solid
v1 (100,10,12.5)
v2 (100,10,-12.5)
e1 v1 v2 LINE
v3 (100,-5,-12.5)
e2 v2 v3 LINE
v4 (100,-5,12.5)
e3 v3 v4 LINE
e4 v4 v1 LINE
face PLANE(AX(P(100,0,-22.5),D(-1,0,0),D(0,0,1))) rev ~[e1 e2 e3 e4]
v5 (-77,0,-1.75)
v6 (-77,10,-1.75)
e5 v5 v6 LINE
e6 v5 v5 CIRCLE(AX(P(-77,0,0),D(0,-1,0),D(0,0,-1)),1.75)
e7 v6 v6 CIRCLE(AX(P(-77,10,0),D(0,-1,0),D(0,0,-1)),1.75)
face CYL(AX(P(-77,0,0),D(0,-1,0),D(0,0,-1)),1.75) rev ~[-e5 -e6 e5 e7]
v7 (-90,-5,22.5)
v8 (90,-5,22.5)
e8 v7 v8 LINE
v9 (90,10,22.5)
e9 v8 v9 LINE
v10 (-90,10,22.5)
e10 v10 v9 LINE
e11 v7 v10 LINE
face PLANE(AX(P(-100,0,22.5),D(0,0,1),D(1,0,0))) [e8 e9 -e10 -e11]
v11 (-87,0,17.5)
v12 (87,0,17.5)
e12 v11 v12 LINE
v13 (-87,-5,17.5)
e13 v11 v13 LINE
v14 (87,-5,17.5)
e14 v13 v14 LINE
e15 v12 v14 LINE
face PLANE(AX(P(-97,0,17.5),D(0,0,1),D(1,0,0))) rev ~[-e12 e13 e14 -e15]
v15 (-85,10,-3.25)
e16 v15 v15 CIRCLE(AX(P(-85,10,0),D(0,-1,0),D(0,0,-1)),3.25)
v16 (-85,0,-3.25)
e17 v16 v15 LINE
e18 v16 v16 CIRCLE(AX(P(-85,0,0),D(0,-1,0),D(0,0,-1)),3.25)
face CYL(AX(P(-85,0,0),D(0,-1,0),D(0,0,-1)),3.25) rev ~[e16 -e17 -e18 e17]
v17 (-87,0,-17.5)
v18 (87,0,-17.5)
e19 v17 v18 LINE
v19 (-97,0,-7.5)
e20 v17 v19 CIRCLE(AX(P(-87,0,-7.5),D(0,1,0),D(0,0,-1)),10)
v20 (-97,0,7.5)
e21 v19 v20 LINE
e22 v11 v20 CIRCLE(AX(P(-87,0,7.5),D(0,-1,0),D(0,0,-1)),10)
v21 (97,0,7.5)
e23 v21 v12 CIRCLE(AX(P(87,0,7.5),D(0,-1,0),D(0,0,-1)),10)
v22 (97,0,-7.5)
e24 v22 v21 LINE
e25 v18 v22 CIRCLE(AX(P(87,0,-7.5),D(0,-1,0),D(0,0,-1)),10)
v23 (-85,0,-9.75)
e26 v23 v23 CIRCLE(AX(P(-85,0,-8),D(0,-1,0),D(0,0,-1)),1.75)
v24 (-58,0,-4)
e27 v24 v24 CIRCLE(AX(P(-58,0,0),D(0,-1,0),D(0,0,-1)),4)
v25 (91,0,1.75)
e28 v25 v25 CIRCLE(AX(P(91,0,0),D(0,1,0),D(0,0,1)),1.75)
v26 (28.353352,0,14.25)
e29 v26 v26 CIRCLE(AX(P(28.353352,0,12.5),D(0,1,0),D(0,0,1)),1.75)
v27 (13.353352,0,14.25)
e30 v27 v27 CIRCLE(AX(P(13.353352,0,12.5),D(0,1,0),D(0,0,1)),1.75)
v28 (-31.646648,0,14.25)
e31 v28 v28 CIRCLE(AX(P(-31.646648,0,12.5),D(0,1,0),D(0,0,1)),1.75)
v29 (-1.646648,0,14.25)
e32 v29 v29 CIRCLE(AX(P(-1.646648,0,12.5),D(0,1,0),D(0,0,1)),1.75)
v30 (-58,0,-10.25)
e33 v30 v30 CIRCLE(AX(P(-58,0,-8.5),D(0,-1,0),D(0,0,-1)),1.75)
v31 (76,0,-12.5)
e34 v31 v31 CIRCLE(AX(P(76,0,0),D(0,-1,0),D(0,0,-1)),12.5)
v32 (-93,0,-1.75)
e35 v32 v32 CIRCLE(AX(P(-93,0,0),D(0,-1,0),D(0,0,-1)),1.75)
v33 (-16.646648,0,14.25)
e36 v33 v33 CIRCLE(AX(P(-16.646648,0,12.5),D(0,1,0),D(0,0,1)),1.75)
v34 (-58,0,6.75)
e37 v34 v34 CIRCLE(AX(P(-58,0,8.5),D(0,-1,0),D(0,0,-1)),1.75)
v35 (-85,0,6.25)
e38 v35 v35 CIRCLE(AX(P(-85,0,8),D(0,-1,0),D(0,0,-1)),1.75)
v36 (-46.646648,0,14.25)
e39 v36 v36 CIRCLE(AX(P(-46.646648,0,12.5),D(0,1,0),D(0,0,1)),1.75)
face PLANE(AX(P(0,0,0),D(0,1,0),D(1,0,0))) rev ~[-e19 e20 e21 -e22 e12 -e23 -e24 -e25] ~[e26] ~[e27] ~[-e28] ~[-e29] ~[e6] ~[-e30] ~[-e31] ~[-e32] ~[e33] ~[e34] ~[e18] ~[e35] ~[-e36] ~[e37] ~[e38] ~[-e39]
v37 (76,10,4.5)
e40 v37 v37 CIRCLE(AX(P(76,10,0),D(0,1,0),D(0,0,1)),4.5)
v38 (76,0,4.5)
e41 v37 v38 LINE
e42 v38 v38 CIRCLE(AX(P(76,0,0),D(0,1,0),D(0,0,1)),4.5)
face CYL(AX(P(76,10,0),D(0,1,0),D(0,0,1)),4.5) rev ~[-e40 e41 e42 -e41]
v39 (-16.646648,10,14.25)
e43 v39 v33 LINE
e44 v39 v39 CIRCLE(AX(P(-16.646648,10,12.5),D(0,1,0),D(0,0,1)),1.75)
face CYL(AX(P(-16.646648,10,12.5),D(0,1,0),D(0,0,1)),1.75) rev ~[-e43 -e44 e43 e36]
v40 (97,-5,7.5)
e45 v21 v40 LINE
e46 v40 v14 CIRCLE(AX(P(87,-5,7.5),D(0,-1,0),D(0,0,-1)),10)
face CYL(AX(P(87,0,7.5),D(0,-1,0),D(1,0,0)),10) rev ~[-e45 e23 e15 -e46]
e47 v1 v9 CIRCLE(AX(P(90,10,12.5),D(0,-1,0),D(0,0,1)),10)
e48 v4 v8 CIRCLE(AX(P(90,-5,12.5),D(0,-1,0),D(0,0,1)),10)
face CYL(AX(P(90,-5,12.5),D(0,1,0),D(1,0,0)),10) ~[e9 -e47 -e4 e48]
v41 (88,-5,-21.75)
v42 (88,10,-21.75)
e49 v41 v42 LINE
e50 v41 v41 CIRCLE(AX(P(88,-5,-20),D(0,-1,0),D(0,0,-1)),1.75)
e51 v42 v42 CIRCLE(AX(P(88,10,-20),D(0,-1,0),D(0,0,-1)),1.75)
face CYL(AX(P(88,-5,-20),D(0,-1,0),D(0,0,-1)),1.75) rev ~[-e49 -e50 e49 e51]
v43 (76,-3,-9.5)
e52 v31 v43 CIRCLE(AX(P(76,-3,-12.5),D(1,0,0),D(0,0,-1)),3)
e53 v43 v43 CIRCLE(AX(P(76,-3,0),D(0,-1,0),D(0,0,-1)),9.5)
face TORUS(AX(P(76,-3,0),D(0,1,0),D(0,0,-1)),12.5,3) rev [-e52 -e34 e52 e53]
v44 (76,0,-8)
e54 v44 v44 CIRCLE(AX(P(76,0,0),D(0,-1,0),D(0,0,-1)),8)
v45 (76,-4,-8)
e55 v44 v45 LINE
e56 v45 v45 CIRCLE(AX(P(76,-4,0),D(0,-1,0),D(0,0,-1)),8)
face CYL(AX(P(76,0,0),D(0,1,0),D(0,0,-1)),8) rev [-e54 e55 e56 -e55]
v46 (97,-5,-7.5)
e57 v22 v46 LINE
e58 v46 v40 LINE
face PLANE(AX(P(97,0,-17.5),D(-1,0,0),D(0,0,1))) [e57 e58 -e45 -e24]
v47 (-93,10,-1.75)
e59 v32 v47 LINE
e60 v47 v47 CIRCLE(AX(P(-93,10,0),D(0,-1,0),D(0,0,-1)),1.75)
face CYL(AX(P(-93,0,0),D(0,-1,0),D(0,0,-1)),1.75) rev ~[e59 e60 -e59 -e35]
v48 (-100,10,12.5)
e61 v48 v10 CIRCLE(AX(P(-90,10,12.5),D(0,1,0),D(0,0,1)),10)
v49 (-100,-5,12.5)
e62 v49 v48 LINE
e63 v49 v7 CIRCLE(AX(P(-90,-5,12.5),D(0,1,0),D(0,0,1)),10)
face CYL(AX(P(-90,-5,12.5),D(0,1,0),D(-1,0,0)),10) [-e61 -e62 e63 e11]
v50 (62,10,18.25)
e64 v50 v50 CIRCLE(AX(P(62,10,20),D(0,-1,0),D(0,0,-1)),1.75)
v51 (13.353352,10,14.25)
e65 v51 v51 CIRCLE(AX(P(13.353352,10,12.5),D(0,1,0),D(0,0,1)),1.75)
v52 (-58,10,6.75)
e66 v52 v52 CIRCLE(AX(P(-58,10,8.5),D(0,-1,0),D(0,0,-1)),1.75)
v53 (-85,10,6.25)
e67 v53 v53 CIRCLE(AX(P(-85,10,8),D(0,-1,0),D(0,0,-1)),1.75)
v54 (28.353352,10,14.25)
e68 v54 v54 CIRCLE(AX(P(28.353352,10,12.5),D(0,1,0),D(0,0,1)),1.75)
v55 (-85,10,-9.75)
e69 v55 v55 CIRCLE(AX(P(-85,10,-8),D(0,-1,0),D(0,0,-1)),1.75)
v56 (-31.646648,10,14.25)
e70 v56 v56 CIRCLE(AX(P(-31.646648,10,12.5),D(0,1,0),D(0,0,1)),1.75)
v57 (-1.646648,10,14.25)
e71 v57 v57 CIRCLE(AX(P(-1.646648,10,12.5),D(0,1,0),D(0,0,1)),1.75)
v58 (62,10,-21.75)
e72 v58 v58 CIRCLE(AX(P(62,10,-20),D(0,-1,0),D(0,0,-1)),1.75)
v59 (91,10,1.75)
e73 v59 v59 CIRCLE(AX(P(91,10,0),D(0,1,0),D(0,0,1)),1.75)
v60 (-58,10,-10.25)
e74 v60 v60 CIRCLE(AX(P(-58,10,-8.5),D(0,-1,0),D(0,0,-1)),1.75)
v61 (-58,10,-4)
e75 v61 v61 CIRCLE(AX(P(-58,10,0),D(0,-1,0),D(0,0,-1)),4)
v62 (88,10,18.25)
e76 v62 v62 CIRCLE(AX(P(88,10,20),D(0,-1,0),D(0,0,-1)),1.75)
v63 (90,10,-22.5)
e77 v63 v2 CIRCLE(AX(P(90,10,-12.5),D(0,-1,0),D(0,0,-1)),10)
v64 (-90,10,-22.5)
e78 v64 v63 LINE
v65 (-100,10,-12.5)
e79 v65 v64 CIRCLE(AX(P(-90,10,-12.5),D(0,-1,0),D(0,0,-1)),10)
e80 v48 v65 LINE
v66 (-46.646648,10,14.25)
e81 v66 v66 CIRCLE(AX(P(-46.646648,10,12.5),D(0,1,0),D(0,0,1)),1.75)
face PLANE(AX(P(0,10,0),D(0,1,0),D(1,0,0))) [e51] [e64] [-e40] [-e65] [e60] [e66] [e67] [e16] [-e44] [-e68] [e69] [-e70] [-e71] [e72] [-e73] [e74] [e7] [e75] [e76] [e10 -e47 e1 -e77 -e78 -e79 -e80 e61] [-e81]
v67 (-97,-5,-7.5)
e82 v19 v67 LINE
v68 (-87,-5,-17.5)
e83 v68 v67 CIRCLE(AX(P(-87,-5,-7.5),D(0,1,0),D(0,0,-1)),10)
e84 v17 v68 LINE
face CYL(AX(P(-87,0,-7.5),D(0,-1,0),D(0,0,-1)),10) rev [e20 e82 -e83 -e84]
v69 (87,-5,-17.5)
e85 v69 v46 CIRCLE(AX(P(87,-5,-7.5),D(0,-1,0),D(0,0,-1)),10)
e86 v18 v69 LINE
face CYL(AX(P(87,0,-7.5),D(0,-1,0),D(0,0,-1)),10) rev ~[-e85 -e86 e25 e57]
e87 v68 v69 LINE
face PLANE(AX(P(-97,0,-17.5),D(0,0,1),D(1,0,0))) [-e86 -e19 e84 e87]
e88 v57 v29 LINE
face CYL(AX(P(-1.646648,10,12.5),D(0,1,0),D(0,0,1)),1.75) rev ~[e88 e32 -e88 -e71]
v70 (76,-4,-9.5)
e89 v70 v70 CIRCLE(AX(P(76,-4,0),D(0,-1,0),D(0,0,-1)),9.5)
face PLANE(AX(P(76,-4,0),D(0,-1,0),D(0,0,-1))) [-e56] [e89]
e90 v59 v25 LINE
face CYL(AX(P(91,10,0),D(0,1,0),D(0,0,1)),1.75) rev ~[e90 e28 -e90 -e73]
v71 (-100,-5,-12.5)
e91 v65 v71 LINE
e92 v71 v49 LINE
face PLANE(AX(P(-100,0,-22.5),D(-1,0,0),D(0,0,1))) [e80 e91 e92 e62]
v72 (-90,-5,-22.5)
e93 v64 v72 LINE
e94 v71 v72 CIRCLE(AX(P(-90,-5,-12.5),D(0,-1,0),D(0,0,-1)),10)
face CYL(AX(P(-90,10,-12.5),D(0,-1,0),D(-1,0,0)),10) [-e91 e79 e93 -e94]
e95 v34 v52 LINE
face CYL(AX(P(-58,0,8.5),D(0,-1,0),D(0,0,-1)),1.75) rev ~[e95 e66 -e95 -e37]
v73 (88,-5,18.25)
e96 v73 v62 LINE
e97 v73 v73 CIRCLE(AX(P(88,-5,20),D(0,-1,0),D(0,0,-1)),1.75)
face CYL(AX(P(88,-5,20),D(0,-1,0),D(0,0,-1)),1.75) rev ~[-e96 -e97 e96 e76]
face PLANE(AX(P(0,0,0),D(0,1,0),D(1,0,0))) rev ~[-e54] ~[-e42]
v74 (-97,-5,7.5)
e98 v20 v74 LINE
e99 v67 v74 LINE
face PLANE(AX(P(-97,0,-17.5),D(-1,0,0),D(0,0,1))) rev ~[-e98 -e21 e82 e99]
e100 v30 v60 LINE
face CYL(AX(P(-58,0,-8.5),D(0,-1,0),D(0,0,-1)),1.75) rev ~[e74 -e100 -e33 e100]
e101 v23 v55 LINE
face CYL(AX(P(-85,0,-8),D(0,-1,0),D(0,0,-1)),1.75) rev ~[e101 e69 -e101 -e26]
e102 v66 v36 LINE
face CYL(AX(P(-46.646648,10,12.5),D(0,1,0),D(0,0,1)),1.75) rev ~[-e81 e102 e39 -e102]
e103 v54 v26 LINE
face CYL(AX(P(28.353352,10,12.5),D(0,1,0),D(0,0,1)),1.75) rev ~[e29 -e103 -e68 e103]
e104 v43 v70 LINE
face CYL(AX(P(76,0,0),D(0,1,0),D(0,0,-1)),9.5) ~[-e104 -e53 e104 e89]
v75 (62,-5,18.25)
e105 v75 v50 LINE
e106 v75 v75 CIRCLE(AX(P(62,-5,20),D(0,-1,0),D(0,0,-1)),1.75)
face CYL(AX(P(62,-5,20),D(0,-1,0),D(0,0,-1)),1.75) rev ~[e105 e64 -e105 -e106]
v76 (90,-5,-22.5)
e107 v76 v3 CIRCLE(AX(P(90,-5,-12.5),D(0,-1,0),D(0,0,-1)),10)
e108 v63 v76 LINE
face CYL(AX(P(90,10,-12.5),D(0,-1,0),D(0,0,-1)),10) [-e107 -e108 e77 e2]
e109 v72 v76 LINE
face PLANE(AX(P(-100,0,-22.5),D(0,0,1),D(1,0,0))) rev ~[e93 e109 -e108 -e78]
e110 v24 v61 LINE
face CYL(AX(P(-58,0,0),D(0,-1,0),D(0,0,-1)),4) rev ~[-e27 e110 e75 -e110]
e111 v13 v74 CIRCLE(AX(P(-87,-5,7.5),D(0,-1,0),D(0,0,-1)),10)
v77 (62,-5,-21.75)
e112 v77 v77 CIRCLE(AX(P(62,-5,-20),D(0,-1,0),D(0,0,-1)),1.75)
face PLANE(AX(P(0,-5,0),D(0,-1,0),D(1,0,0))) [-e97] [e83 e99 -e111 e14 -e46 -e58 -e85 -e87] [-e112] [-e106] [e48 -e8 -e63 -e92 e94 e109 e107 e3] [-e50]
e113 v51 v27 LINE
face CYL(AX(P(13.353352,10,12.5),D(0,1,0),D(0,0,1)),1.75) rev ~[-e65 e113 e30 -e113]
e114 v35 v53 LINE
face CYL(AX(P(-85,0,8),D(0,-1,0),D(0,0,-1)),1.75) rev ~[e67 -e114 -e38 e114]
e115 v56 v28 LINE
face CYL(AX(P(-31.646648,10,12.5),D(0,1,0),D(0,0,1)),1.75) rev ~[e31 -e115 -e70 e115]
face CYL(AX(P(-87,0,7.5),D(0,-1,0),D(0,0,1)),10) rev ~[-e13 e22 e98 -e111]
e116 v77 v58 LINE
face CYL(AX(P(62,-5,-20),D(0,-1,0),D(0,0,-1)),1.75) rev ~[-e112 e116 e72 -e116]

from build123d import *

# Parameters (mm, degrees)
CROQUIS1_W              = 200
CROQUIS1_H              = 45
SALIENTE_EXTRUIR1_DEPTH = 10
CORTAR_EXTRUIR1_REACH   = 104.987
CROQUIS2_R              = 3.25
CORTAR_EXTRUIR2_REACH   = 104.987
CROQUIS4_R              = 4.5
CORTAR_EXTRUIR3_REACH   = 104.987
CROQUIS6_R              = 1.75
CORTAR_EXTRUIR4_REACH   = 104.987
CROQUIS7_R              = 4
CROQUIS7_R_2            = 1.75
CROQUIS9_W              = 200
CROQUIS9_H              = 45
CROQUIS9_W_2            = 194
CROQUIS9_H_2            = 35
SALIENTE_EXTRUIR2_DEPTH = 5
REDONDEO1_R             = 10
REDONDEO2_R             = 10
CROQUIS10_R             = 1.75
CORTAR_EXTRUIR5_DEPTH   = 15
CROQUIS11_R             = 9.5
CROQUIS11_R_2           = 8
SALIENTE_EXTRUIR3_DEPTH = 4
REDONDEO3_R             = 3
CORTAR_EXTRUIR6_REACH   = 105.592
CROQUIS12_R             = 1.75
CROQUIS13_R             = 1.75
CORTAR_EXTRUIR7_DEPTH   = 10


with BuildPart() as part:
    # Croquis1 → Saliente-Extruir1 (new body)
    with BuildSketch(Plane(origin=(0, 0, 0), x_dir=(1, 0, 0), z_dir=(0, 1, 0))):
        Rectangle(CROQUIS1_W, CROQUIS1_H)
    extrude(amount=SALIENTE_EXTRUIR1_DEPTH)

    # Croquis2 → Cortar-Extruir1 (cut, up to next)
    with BuildSketch(Plane.XZ, mode=Mode.PRIVATE) as cortar_extruir1_sk1:
        with Locations(Location((-85, 0, 0), (0, 0, 270))):
            Circle(CROQUIS2_R)
    cortar_extruir1_tool1 = extrude(cortar_extruir1_sk1.sketch, amount=-CORTAR_EXTRUIR1_REACH, mode=Mode.PRIVATE) & part.part
    add(cortar_extruir1_tool1.solids().sort_by_distance((-85, 0, 0))[0], mode=Mode.SUBTRACT)

    # Croquis4 → Cortar-Extruir2 (cut, up to next)
    with BuildSketch(Plane(origin=(0, 10, 0), x_dir=(1, 0, 0), z_dir=(0, 1, 0)), mode=Mode.PRIVATE) as cortar_extruir2_sk1:
        with Locations(Location((76, 0, 0), (0, 0, 270))):
            Circle(CROQUIS4_R)
    cortar_extruir2_tool1 = extrude(cortar_extruir2_sk1.sketch, amount=-CORTAR_EXTRUIR2_REACH, mode=Mode.PRIVATE) & part.part
    add(cortar_extruir2_tool1.solids().sort_by_distance((76, 10, 0))[0], mode=Mode.SUBTRACT)

    # Croquis6 → Cortar-Extruir3 (cut, up to next)
    with BuildSketch(Plane.XZ, mode=Mode.PRIVATE) as cortar_extruir3_sk1:
        with Locations(Location((-77, 0, 0), (0, 0, 270))):
            Circle(CROQUIS6_R)
    cortar_extruir3_tool1 = extrude(cortar_extruir3_sk1.sketch, amount=-CORTAR_EXTRUIR3_REACH, mode=Mode.PRIVATE) & part.part
    # Croquis6 → Cortar-Extruir3 (cut, up to next)
    with BuildSketch(Plane.XZ, mode=Mode.PRIVATE) as cortar_extruir3_sk2:
        with Locations(Location((-93, 0, 0), (0, 0, 270))):
            Circle(CROQUIS6_R)
    cortar_extruir3_tool2 = extrude(cortar_extruir3_sk2.sketch, amount=-CORTAR_EXTRUIR3_REACH, mode=Mode.PRIVATE) & part.part
    # Croquis6 → Cortar-Extruir3 (cut, up to next)
    with BuildSketch(Plane.XZ, mode=Mode.PRIVATE) as cortar_extruir3_sk3:
        with Locations(Location((-85, 8, 0), (0, 0, 270))):
            Circle(CROQUIS6_R)
    cortar_extruir3_tool3 = extrude(cortar_extruir3_sk3.sketch, amount=-CORTAR_EXTRUIR3_REACH, mode=Mode.PRIVATE) & part.part
    # Croquis6 → Cortar-Extruir3 (cut, up to next)
    with BuildSketch(Plane.XZ, mode=Mode.PRIVATE) as cortar_extruir3_sk4:
        with Locations(Location((-85, -8, 0), (0, 0, 270))):
            Circle(CROQUIS6_R)
    cortar_extruir3_tool4 = extrude(cortar_extruir3_sk4.sketch, amount=-CORTAR_EXTRUIR3_REACH, mode=Mode.PRIVATE) & part.part
    add(cortar_extruir3_tool1.solids().sort_by_distance((-77, 0, 0))[0], mode=Mode.SUBTRACT)
    add(cortar_extruir3_tool2.solids().sort_by_distance((-93, 0, 0))[0], mode=Mode.SUBTRACT)
    add(cortar_extruir3_tool3.solids().sort_by_distance((-85, 0, 8))[0], mode=Mode.SUBTRACT)
    add(cortar_extruir3_tool4.solids().sort_by_distance((-85, 0, -8))[0], mode=Mode.SUBTRACT)

    # Croquis7 → Cortar-Extruir4 (cut, up to next)
    with BuildSketch(Plane.XZ, mode=Mode.PRIVATE) as cortar_extruir4_sk1:
        with Locations(Location((-58, 0, 0), (0, 0, 270))):
            Circle(CROQUIS7_R)
    cortar_extruir4_tool1 = extrude(cortar_extruir4_sk1.sketch, amount=-CORTAR_EXTRUIR4_REACH, mode=Mode.PRIVATE) & part.part
    # Croquis7 → Cortar-Extruir4 (cut, up to next)
    with BuildSketch(Plane.XZ, mode=Mode.PRIVATE) as cortar_extruir4_sk2:
        with Locations(Location((-58, 8.5, 0), (0, 0, 270))):
            Circle(CROQUIS7_R_2)
    cortar_extruir4_tool2 = extrude(cortar_extruir4_sk2.sketch, amount=-CORTAR_EXTRUIR4_REACH, mode=Mode.PRIVATE) & part.part
    # Croquis7 → Cortar-Extruir4 (cut, up to next)
    with BuildSketch(Plane.XZ, mode=Mode.PRIVATE) as cortar_extruir4_sk3:
        with Locations(Location((-58, -8.5, 0), (0, 0, 270))):
            Circle(CROQUIS7_R_2)
    cortar_extruir4_tool3 = extrude(cortar_extruir4_sk3.sketch, amount=-CORTAR_EXTRUIR4_REACH, mode=Mode.PRIVATE) & part.part
    add(cortar_extruir4_tool1.solids().sort_by_distance((-58, 0, 0))[0], mode=Mode.SUBTRACT)
    add(cortar_extruir4_tool2.solids().sort_by_distance((-58, 0, 8.5))[0], mode=Mode.SUBTRACT)
    add(cortar_extruir4_tool3.solids().sort_by_distance((-58, 0, -8.5))[0], mode=Mode.SUBTRACT)

    # Croquis9 → Saliente-Extruir2 (add)
    with BuildSketch(Plane.XZ):
        Rectangle(CROQUIS9_W, CROQUIS9_H)
        Rectangle(CROQUIS9_W_2, CROQUIS9_H_2, mode=Mode.SUBTRACT)
    extrude(amount=SALIENTE_EXTRUIR2_DEPTH)

    # Redondeo1
    redondeo1_edges = [part.edges().sort_by_distance(p)[0] for p in [
        (100, 2.5, 22.5),
        (-100, 2.5, 22.5),
        (-100, 2.5, -22.5),
        (100, 2.5, -22.5),
    ]]
    fillet(redondeo1_edges, radius=REDONDEO1_R)

    # Redondeo2
    redondeo2_edges = [part.edges().sort_by_distance(p)[0] for p in [
        (97, -2.5, 17.5),
        (-97, -2.5, 17.5),
        (-97, -2.5, -17.5),
        (97, -2.5, -17.5),
    ]]
    fillet(redondeo2_edges, radius=REDONDEO2_R)

    # Croquis10 → Cortar-Extruir5 (cut)
    with BuildSketch(Plane.XZ.offset(5)):
        with Locations(Location((88, 20, 0), (0, 0, 270))):
            Circle(CROQUIS10_R)
        with Locations(Location((62, 20, 0), (0, 0, 270))):
            Circle(CROQUIS10_R)
        with Locations(Location((62, -20, 0), (0, 0, 270))):
            Circle(CROQUIS10_R)
        with Locations(Location((88, -20, 0), (0, 0, 270))):
            Circle(CROQUIS10_R)
    extrude(amount=-CORTAR_EXTRUIR5_DEPTH, mode=Mode.SUBTRACT)

    # Croquis11 → Saliente-Extruir3 (add)
    with BuildSketch(Plane.XZ):
        with Locations(Location((76, 0, 0), (0, 0, 270))):
            Circle(CROQUIS11_R)
        with Locations(Location((76, 0, 0), (0, 0, 270))):
            Circle(CROQUIS11_R_2, mode=Mode.SUBTRACT)
    extrude(amount=SALIENTE_EXTRUIR3_DEPTH)

    # Redondeo3
    redondeo3_edges = [part.edges().sort_by_distance(p)[0] for p in [
        (76, 0, 9.5),
    ]]
    fillet(redondeo3_edges, radius=REDONDEO3_R)

    # Croquis12 → Cortar-Extruir6 (cut, up to next)
    with BuildSketch(Plane(origin=(0, 10, 0), x_dir=(1, 0, 0), z_dir=(0, 1, 0)), mode=Mode.PRIVATE) as cortar_extruir6_sk1:
        with Locations(Location((91, 0, 0), (0, 0, 270))):
            Circle(CROQUIS12_R)
    cortar_extruir6_tool1 = extrude(cortar_extruir6_sk1.sketch, amount=-CORTAR_EXTRUIR6_REACH, mode=Mode.PRIVATE) & part.part
    add(cortar_extruir6_tool1.solids().sort_by_distance((91, 10, 0))[0], mode=Mode.SUBTRACT)

    # Croquis13 → Cortar-Extruir7 (cut)
    with BuildSketch(Plane(origin=(0, 10, 0), x_dir=(1, 0, 0), z_dir=(0, 1, 0))):
        with Locations(Location((28.353351566, -12.5, 0), (0, 0, 270))):
            Circle(CROQUIS13_R)
        with Locations(Location((13.353351566, -12.5, 0), (0, 0, 270))):
            Circle(CROQUIS13_R)
        with Locations(Location((-1.646648434, -12.5, 0), (0, 0, 270))):
            Circle(CROQUIS13_R)
        with Locations(Location((-16.646648434, -12.5, 0), (0, 0, 270))):
            Circle(CROQUIS13_R)
        with Locations(Location((-31.646648434, -12.5, 0), (0, 0, 270))):
            Circle(CROQUIS13_R)
        with Locations(Location((-46.646648434, -12.5, 0), (0, 0, 270))):
            Circle(CROQUIS13_R)
    extrude(amount=-CORTAR_EXTRUIR7_DEPTH, mode=Mode.SUBTRACT)


solid = part.part
